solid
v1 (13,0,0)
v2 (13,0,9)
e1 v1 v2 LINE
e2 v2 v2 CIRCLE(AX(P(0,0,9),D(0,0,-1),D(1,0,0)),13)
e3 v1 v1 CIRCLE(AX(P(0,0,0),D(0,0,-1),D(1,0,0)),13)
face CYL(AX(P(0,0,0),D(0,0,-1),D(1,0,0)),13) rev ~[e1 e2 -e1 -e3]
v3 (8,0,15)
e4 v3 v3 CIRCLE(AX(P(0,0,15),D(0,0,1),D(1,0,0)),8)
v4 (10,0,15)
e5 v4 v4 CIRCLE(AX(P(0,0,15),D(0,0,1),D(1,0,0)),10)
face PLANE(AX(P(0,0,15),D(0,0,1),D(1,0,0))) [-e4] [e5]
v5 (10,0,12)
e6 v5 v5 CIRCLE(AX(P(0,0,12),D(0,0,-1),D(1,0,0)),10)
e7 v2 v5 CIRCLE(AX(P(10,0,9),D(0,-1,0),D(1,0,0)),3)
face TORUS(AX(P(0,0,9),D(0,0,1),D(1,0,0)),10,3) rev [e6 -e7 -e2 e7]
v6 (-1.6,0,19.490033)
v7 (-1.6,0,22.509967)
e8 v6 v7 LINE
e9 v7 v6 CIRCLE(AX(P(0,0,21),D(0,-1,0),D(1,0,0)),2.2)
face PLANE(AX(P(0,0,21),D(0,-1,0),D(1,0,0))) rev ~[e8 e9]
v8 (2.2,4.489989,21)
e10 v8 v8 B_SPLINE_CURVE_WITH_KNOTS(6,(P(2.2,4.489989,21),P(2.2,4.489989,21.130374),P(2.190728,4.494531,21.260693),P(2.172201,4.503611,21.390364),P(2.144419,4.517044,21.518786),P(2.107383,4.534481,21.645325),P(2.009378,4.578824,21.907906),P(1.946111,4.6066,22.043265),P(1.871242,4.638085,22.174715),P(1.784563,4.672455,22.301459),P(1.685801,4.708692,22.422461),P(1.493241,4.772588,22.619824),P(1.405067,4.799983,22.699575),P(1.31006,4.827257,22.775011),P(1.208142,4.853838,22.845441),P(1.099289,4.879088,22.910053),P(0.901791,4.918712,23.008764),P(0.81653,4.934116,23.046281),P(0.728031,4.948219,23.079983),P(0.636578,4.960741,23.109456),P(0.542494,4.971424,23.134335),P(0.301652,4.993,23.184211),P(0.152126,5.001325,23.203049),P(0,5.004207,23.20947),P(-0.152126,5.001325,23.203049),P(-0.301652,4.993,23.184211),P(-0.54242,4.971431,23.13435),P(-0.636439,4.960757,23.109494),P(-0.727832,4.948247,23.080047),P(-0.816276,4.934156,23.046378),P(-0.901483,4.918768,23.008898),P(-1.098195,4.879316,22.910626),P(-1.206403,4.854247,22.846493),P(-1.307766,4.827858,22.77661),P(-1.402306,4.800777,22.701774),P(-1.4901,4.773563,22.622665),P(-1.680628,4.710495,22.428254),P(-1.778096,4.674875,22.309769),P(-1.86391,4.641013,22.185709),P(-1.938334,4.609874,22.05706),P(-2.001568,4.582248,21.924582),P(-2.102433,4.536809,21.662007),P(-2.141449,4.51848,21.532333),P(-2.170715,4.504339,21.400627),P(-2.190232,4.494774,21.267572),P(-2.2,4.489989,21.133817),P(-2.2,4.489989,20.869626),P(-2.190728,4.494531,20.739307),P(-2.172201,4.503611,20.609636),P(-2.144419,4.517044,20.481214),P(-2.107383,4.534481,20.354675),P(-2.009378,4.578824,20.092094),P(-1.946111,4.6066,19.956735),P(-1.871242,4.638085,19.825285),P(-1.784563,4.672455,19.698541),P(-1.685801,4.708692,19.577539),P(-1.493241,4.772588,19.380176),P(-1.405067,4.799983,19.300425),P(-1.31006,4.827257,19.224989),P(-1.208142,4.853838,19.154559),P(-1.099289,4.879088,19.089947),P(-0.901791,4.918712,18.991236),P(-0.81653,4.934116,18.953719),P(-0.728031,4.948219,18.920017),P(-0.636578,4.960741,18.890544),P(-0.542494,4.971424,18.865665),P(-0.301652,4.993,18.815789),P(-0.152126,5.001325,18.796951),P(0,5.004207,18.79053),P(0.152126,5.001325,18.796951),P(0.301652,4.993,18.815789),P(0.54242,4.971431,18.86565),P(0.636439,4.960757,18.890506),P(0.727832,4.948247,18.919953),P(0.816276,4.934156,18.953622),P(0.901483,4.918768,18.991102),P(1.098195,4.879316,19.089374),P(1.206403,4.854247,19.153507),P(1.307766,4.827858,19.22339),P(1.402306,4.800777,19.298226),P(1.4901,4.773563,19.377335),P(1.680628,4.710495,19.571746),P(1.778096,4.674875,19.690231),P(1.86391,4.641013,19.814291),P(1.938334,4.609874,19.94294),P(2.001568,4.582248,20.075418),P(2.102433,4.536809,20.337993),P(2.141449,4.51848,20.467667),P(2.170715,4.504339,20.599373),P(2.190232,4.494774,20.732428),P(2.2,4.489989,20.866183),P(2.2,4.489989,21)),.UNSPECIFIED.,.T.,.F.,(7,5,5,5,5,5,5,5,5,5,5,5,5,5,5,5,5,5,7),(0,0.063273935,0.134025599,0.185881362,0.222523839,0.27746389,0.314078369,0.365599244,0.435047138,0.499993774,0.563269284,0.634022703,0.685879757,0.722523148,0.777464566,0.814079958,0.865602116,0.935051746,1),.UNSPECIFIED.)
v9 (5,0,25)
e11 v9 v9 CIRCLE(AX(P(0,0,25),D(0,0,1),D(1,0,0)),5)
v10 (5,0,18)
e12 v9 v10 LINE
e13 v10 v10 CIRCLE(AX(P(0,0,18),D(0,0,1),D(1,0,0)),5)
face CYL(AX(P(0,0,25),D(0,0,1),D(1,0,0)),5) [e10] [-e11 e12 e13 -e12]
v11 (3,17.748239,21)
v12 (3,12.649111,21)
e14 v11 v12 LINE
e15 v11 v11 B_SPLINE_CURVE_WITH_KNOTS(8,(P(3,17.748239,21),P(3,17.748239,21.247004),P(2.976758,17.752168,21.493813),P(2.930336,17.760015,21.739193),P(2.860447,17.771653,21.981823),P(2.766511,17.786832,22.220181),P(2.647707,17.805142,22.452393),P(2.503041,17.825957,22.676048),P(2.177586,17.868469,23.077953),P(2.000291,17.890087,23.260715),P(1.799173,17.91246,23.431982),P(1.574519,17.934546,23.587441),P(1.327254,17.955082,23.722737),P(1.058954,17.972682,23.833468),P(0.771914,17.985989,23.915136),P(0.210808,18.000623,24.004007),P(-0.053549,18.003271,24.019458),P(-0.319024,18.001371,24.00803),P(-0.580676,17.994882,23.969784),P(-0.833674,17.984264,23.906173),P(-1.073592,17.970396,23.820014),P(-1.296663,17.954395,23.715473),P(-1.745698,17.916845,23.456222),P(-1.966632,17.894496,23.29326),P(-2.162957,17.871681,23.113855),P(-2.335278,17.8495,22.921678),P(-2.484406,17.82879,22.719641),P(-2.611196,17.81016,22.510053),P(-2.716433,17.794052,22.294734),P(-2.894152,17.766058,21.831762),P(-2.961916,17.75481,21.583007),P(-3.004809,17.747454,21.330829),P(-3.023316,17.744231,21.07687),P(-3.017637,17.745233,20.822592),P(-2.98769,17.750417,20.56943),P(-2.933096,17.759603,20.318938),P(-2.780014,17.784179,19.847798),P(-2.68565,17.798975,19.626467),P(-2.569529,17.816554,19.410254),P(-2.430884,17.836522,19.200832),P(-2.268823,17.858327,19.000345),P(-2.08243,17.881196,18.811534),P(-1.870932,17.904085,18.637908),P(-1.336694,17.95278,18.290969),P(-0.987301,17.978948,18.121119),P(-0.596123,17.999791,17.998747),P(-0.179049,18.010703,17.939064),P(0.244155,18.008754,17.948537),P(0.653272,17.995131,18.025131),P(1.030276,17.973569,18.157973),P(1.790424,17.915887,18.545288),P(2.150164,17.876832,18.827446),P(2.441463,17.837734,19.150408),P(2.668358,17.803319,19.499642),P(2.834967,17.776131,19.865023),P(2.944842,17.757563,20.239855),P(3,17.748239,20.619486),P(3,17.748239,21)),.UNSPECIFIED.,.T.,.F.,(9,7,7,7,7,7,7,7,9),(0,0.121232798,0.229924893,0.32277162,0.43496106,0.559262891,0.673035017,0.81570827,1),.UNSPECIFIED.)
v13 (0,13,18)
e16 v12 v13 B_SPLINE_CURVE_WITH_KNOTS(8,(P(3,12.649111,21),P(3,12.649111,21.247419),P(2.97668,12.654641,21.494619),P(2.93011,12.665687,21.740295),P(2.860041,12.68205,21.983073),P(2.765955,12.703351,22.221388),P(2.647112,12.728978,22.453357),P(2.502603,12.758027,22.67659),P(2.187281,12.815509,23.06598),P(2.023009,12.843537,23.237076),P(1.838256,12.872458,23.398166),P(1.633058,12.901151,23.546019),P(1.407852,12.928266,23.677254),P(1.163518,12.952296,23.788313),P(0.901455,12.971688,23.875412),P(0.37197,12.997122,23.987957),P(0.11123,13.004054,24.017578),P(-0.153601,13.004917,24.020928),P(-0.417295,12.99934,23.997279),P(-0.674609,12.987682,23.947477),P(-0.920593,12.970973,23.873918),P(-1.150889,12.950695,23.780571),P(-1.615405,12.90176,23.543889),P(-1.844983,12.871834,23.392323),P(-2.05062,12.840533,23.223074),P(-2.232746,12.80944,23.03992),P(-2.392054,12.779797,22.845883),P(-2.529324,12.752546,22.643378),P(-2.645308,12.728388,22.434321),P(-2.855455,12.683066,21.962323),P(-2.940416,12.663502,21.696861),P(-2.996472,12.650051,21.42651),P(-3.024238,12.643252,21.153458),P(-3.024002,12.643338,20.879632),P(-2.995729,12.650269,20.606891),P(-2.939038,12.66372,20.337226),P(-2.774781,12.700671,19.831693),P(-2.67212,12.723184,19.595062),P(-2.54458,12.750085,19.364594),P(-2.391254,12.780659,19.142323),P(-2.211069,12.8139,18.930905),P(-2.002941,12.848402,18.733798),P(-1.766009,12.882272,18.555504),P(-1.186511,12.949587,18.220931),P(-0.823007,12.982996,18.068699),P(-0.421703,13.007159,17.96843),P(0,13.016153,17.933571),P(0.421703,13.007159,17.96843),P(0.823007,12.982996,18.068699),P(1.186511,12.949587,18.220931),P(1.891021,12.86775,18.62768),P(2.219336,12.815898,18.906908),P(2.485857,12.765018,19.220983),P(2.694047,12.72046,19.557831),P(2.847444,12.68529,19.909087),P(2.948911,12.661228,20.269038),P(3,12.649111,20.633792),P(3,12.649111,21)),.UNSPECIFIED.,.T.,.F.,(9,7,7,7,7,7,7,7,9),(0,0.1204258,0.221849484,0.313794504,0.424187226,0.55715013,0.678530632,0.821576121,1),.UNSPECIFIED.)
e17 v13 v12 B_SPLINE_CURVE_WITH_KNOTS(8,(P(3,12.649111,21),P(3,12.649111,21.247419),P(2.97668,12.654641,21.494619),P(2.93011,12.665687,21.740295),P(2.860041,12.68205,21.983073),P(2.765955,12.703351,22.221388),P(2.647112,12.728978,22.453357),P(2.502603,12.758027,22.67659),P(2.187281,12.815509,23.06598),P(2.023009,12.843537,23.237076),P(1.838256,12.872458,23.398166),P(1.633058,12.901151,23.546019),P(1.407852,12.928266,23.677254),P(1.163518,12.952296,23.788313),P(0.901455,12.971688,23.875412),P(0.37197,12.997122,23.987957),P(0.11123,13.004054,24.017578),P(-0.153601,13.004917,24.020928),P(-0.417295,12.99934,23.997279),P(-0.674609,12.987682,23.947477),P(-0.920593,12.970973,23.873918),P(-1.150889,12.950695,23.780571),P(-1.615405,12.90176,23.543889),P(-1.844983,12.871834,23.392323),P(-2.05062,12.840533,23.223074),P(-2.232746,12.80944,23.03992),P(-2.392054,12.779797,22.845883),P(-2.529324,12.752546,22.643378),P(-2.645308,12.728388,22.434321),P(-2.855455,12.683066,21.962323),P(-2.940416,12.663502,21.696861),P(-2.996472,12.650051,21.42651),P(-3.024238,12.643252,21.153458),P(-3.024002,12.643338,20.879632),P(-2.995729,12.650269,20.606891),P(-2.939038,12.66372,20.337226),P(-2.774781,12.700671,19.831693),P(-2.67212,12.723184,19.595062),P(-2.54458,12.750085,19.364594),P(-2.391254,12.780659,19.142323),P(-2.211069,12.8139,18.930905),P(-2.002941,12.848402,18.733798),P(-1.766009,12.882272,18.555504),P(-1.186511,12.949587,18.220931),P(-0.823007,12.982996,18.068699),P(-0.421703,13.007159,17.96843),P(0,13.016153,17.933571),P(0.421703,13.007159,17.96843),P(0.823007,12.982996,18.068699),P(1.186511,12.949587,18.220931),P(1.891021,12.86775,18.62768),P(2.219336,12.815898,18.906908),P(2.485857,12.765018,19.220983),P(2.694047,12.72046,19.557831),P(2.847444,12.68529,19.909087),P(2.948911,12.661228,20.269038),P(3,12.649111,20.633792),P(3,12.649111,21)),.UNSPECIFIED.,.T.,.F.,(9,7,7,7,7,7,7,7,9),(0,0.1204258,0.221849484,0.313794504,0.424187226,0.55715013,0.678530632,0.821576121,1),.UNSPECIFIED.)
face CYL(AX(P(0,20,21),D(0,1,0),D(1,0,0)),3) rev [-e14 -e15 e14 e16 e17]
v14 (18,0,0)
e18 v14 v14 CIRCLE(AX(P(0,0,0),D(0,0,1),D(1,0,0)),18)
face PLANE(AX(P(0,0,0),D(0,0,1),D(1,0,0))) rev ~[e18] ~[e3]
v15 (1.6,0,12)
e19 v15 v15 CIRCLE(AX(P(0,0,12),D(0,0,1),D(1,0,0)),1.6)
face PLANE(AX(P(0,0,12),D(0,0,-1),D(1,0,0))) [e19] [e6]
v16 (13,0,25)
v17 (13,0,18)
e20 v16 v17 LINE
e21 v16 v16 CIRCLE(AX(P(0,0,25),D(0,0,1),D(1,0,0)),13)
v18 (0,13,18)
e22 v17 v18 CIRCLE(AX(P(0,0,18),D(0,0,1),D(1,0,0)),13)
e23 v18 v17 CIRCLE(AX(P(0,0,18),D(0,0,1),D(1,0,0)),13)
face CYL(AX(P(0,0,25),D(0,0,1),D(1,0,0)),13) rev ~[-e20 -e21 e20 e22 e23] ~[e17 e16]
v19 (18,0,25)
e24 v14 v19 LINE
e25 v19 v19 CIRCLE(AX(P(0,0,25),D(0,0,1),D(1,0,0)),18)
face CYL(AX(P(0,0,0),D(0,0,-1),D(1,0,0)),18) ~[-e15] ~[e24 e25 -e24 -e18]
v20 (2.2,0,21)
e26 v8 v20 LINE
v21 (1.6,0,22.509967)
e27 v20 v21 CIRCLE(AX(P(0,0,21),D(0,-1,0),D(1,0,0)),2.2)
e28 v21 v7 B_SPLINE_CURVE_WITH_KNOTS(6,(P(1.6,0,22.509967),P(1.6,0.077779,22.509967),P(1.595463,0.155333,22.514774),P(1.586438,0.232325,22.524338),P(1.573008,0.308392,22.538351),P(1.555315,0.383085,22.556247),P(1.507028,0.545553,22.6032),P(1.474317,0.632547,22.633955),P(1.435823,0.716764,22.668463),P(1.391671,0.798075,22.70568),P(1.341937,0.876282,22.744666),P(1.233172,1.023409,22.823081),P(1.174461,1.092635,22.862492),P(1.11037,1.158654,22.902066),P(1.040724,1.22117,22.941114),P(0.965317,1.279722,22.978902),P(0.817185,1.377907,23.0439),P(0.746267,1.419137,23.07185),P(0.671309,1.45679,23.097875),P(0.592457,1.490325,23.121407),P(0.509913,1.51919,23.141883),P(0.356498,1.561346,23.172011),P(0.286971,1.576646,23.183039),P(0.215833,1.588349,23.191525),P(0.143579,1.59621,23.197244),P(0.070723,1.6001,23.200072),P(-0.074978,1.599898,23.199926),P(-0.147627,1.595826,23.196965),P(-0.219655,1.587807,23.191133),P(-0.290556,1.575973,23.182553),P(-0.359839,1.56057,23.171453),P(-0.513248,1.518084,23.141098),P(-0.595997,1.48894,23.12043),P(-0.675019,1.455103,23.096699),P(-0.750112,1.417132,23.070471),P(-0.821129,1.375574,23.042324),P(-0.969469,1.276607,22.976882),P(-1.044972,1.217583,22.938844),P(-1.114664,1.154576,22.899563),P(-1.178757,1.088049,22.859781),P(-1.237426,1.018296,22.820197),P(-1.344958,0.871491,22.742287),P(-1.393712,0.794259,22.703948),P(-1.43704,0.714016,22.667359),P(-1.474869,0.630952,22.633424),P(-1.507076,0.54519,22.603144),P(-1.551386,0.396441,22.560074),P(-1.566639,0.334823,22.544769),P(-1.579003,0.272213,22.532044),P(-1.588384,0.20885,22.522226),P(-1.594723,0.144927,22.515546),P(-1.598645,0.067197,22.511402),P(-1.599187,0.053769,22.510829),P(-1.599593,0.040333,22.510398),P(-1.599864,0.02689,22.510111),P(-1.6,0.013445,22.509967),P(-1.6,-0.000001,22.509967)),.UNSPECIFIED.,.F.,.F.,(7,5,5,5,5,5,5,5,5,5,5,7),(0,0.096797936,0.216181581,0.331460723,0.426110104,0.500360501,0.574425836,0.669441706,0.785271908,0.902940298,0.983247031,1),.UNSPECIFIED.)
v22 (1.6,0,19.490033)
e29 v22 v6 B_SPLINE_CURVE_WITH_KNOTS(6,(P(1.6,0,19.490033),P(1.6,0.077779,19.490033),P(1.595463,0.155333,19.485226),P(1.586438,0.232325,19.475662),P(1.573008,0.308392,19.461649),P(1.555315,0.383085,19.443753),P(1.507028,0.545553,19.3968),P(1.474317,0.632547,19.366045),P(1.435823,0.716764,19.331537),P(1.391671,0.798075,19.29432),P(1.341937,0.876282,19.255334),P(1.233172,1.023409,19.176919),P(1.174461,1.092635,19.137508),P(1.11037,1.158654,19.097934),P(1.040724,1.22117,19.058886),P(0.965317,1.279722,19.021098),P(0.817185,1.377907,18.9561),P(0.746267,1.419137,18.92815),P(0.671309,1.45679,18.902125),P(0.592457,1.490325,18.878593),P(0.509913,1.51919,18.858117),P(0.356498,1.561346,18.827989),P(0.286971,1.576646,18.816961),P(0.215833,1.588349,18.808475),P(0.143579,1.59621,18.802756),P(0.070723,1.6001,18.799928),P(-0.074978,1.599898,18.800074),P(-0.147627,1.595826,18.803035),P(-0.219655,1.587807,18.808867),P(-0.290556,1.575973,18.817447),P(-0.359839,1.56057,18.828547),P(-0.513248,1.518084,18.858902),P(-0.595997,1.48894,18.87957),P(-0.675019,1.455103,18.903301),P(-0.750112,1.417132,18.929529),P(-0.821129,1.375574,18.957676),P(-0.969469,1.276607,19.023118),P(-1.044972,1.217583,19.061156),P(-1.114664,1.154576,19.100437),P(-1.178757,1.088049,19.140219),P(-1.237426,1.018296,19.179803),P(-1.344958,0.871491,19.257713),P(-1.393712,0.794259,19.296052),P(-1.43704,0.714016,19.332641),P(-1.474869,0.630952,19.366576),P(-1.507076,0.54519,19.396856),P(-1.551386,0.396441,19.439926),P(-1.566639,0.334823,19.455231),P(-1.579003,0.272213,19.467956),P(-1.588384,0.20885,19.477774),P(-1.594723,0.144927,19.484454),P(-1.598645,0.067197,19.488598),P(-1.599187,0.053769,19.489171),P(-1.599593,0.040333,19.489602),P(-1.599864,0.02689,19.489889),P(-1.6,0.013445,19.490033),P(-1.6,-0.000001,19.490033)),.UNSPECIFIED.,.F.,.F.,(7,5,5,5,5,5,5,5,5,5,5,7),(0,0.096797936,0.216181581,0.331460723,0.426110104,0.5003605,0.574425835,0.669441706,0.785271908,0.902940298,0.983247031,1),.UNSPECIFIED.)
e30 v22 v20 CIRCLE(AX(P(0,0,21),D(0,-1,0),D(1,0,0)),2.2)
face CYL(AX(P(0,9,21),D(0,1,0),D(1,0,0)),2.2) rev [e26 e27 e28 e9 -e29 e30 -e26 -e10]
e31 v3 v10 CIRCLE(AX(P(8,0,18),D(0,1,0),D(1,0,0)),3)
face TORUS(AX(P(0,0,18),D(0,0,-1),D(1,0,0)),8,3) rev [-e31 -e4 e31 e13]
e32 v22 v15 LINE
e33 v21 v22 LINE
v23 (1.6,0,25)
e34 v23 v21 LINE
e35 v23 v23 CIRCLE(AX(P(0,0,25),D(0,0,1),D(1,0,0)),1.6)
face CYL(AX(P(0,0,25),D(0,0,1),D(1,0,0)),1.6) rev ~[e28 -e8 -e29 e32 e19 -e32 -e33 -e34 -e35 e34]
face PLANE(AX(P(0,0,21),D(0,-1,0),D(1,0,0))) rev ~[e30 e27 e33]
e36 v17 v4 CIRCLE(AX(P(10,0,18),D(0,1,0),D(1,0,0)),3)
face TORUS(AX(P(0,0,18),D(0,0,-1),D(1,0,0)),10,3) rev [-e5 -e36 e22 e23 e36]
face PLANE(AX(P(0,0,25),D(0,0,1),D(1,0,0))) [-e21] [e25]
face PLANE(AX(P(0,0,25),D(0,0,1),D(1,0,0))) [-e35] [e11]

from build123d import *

# Parameters (mm, degrees)
CYLINDER001_R     = 3
CYLINDER001_DEPTH = 9
CYLINDER_R        = 2.2
CYLINDER_DEPTH    = 9
SKETCH_R          = 18
PAD_DEPTH         = 25
SKETCH001_R       = 13
SKETCH001_R_2     = 5
POCKET_DEPTH      = 10
SKETCH002_R       = 13
POCKET001_DEPTH   = 12
SKETCH003_R       = 1.6
POCKET002_DEPTH   = 13
FILLET_R          = 3


with BuildPart() as cilindro001:
    # Cylinder001 → Cylinder001 (new body)
    with BuildSketch(Plane(origin=(0, 20, 21), x_dir=(1, 0, 0), z_dir=(0, -1, 0))):
        Circle(CYLINDER001_R)
    extrude(amount=CYLINDER001_DEPTH)


with BuildPart() as cilindro:
    # Cylinder → Cylinder (new body)
    with BuildSketch(Plane(origin=(0, 9, 21), x_dir=(1, 0, 0), z_dir=(0, -1, 0))):
        Circle(CYLINDER_R)
    extrude(amount=CYLINDER_DEPTH)


with BuildPart() as cut001:
    # Sketch → Pad (new body)
    with BuildSketch(Plane.XY):
        Circle(SKETCH_R)
    extrude(amount=PAD_DEPTH)

    # Sketch001 (on Face3 of Pad) → Pocket (cut)
    with BuildSketch(Plane.XY.offset(25)):
        Circle(SKETCH001_R)
        Circle(SKETCH001_R_2, mode=Mode.SUBTRACT)
    extrude(amount=-POCKET_DEPTH, mode=Mode.SUBTRACT)

    # Sketch002 (on Face2 of Pocket) → Pocket001 (cut)
    with BuildSketch(Plane(origin=(0, 0, 0), x_dir=(1, 0, 0), z_dir=(0, 0, -1))):
        Circle(SKETCH002_R)
    extrude(amount=-POCKET001_DEPTH, mode=Mode.SUBTRACT)

    # Sketch003 (on Face9 of Pocket001) → Pocket002 (cut)
    with BuildSketch(Plane.XY.offset(25)):
        Circle(SKETCH003_R)
    extrude(amount=-POCKET002_DEPTH, mode=Mode.SUBTRACT)

    # Fillet
    fillet_edges = [cut001.edges().sort_by_distance(p)[0] for p in [
        (-5, 0, 15),
        (-13, 0, 15),
        (-13, 0, 12),
    ]]
    fillet(fillet_edges, radius=FILLET_R)

    # Cut: cut Cilindro
    add(cilindro.part, mode=Mode.SUBTRACT)

    # Cut001: cut Cilindro001
    add(cilindro001.part, mode=Mode.SUBTRACT)


solid = cut001.part
